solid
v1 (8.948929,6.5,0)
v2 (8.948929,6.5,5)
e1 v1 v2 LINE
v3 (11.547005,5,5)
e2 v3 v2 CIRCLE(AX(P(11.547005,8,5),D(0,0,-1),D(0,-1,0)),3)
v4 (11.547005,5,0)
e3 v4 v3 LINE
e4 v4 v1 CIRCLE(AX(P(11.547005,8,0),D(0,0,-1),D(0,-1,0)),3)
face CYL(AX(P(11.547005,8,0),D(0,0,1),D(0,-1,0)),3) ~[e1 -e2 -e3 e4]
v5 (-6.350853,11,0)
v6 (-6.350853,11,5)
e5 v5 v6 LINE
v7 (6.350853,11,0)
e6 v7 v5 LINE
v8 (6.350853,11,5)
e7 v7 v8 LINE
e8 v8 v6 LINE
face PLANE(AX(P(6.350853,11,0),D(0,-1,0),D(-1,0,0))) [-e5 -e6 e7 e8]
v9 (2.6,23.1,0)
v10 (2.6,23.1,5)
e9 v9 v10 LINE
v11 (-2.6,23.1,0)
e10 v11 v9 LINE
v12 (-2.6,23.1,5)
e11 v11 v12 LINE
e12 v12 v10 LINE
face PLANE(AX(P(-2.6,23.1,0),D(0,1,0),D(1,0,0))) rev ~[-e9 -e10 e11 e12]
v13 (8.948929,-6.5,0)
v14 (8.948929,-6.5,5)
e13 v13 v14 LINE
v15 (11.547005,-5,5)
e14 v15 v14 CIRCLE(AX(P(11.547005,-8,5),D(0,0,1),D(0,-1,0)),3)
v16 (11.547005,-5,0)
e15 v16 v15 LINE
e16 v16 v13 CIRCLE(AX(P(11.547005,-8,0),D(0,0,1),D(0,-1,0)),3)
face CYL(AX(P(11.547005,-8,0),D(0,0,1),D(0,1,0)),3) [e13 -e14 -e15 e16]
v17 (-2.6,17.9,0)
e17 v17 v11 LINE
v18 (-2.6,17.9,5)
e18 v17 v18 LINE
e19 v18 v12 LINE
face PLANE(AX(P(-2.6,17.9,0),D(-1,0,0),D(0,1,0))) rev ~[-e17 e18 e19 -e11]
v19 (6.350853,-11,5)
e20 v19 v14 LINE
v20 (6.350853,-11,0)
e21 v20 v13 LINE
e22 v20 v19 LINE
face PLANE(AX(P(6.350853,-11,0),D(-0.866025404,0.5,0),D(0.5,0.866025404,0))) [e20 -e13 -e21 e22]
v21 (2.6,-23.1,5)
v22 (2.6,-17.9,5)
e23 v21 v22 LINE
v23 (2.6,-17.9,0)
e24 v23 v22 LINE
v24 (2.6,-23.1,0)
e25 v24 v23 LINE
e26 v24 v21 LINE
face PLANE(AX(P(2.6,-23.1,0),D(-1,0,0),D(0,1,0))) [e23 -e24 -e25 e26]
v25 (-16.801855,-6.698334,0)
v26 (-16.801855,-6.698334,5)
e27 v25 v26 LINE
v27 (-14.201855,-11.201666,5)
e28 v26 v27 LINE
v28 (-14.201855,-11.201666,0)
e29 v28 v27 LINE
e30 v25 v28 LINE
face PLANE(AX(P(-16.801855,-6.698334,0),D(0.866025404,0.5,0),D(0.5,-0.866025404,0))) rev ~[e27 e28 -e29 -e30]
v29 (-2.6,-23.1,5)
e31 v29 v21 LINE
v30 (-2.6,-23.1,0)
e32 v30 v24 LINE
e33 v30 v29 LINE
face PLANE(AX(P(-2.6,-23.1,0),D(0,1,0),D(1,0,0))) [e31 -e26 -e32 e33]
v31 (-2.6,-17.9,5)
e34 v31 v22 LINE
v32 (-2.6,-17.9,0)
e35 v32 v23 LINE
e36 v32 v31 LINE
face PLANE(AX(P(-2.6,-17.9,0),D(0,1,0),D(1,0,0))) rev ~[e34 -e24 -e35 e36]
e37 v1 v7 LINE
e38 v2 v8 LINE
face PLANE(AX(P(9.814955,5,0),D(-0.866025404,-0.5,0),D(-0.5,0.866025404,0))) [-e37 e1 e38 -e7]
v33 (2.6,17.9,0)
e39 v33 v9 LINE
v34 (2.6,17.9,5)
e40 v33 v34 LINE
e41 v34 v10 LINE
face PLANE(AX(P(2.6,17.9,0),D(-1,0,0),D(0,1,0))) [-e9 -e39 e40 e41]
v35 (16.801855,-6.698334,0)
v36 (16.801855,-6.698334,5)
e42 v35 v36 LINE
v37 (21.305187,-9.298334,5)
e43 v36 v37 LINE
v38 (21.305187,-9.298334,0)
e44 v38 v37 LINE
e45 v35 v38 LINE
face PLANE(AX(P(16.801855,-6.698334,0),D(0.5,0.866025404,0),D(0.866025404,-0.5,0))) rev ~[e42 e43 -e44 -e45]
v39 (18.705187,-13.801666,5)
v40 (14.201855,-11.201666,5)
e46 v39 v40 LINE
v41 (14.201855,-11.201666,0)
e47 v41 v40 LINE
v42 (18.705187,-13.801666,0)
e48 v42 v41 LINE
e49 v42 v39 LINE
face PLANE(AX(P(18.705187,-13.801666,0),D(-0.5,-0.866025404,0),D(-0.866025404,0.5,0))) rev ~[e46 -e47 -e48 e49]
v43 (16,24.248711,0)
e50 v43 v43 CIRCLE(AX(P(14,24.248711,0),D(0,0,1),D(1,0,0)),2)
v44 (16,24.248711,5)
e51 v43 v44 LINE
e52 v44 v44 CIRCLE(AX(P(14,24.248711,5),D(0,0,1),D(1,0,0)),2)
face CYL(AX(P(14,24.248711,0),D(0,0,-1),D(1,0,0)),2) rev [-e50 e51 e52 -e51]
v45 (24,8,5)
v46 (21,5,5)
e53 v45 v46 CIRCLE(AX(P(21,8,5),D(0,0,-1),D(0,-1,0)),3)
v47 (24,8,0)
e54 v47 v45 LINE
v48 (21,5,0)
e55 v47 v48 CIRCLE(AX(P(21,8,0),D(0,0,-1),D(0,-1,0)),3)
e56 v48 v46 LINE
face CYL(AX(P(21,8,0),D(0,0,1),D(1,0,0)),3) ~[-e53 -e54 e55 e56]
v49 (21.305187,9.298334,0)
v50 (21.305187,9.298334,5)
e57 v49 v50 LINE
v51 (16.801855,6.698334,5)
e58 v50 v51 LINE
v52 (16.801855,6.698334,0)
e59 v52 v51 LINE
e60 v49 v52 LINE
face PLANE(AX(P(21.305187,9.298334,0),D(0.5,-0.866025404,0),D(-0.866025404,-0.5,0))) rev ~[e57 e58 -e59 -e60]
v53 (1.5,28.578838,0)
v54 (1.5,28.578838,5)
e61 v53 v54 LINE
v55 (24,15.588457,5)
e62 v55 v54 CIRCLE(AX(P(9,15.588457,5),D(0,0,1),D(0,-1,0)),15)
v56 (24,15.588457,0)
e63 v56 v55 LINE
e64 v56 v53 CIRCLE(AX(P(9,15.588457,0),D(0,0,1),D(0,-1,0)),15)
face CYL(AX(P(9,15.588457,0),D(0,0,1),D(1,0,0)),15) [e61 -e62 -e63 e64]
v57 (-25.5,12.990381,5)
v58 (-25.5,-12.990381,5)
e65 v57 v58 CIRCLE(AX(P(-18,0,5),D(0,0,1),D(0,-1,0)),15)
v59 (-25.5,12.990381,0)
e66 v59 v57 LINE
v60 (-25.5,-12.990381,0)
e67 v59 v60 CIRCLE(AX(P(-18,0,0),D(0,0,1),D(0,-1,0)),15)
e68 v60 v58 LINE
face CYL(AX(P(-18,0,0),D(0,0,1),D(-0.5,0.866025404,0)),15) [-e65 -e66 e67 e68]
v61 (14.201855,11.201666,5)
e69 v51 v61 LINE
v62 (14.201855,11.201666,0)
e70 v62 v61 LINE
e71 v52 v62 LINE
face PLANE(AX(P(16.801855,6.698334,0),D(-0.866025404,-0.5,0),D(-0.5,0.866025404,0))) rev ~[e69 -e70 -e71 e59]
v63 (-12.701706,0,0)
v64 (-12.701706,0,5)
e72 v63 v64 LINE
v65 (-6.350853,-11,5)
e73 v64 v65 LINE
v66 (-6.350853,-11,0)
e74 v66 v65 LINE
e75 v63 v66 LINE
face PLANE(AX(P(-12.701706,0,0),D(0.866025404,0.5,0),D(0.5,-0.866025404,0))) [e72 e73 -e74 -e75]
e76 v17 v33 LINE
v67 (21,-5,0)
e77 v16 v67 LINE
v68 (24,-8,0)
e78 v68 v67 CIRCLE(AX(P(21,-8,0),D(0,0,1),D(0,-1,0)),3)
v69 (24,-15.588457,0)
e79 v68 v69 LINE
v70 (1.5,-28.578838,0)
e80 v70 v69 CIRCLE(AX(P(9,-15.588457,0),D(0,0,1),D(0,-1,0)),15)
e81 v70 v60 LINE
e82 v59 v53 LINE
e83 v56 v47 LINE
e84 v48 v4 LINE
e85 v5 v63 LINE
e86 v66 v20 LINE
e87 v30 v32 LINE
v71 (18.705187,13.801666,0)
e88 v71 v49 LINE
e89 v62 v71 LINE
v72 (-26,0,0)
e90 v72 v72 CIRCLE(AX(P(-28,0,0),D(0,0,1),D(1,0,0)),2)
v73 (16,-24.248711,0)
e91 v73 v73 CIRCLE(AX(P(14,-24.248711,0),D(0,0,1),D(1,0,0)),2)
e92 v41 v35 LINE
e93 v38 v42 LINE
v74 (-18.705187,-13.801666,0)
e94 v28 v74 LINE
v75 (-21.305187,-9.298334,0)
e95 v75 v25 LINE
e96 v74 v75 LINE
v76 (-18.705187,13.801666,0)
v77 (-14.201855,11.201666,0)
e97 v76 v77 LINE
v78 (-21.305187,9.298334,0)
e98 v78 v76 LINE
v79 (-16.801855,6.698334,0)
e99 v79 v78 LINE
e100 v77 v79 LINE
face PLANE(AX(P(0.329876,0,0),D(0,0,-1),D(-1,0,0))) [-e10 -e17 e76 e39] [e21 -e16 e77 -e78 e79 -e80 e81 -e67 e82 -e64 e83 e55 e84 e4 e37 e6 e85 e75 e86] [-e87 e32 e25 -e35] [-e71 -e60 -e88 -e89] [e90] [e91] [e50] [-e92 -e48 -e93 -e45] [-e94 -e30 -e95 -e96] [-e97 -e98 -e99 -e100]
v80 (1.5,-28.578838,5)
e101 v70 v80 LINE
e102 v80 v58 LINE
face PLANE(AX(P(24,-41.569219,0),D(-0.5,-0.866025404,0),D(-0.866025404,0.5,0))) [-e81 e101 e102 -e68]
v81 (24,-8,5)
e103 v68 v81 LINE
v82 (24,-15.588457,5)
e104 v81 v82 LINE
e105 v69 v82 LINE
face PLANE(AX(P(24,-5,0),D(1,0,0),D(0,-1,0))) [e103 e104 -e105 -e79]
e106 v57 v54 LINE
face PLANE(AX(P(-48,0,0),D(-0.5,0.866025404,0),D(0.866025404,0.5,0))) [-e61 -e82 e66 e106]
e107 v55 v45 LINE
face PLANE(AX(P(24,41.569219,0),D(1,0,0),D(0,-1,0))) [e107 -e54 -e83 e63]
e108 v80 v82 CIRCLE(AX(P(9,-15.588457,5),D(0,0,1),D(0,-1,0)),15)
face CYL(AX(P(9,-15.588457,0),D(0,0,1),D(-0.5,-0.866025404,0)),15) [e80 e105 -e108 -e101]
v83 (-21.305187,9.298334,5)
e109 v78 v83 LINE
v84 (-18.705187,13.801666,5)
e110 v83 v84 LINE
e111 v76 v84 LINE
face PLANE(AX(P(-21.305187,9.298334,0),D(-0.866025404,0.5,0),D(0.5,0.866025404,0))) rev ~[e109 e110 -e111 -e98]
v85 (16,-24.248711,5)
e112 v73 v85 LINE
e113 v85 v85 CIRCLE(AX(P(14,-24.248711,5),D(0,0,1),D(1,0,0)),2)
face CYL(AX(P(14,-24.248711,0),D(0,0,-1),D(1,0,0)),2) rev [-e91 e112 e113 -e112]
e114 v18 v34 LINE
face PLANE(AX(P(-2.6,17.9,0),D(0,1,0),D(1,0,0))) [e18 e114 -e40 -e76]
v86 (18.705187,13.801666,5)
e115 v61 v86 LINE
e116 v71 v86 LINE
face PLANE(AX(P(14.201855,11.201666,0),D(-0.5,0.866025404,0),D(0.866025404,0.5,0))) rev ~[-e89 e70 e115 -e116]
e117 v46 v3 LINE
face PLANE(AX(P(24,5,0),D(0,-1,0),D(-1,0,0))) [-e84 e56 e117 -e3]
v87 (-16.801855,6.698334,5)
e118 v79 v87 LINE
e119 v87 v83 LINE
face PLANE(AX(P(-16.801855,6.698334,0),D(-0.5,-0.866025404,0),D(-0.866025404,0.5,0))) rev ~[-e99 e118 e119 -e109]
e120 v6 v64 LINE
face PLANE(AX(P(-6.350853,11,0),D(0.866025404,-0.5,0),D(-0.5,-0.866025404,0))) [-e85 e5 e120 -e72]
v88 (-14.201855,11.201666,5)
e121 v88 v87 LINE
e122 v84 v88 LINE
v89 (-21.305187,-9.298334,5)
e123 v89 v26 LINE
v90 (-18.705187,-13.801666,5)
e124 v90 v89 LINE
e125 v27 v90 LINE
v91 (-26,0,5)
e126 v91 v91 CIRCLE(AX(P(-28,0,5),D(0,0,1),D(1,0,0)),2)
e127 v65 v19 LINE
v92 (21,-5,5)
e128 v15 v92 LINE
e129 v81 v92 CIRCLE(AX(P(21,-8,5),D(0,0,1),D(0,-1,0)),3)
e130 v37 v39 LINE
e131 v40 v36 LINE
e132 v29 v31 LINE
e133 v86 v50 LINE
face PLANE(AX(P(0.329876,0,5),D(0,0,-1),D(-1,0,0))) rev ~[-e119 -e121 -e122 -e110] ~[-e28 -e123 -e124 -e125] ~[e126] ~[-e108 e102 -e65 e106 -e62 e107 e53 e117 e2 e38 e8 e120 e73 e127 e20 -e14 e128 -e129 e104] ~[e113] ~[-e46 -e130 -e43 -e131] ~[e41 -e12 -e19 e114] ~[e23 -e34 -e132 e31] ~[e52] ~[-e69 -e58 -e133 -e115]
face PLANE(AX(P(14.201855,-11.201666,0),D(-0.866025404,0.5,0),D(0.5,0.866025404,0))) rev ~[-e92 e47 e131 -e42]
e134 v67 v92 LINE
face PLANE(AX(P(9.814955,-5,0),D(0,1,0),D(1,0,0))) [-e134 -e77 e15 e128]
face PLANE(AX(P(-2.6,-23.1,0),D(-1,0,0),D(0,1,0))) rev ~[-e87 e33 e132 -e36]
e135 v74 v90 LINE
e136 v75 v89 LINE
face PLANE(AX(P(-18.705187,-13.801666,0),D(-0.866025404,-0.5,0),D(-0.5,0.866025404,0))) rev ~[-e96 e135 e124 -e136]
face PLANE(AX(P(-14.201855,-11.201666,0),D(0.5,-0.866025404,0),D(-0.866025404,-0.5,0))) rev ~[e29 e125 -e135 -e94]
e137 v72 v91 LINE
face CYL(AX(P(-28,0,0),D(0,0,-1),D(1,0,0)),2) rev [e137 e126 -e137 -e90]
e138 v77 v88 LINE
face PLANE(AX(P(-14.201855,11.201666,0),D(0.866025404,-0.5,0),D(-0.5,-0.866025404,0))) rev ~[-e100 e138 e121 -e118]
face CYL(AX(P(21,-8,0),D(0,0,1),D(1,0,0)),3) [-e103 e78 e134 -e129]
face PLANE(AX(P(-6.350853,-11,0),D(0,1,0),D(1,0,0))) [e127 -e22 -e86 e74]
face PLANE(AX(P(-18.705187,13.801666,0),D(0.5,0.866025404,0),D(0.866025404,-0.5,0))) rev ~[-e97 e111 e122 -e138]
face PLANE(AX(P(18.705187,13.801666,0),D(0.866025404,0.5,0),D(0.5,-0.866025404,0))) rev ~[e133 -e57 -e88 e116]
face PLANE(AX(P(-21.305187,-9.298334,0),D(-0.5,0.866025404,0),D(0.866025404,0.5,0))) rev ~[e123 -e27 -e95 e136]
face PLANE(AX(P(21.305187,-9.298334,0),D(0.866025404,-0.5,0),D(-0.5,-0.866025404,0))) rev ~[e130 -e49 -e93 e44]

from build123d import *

# Parameters (mm, degrees)
SKETCH1_R           = 2
SKETCH1_W           = 5.2
SKETCH1_H           = 5.2
BOSS_EXTRUDE1_DEPTH = 5
CONG_1_R            = 15
CONG_2_R            = 3


with BuildPart() as part:
    # Sketch1 → Boss-Extrude1 (new body)
    with BuildSketch(Plane.XY):
        Polygon((24, 5), (9.814954576, 5), (6.350852961, 11), (-6.350852961, 11), (-12.701705922, 0), (-6.350852961, -11), (6.350852961, -11), (9.814954576, -5), (24, -5), (24, -41.569219382), (-48, 0), (24, 41.569219382), align=None)
        with Locations((14, 24.248711306)):
            Circle(SKETCH1_R, mode=Mode.SUBTRACT)
        with Locations((14, -24.248711306)):
            Circle(SKETCH1_R, mode=Mode.SUBTRACT)
        with Locations((-28, 0)):
            Circle(SKETCH1_R, mode=Mode.SUBTRACT)
        with Locations((0, 20.5)):
            Rectangle(SKETCH1_W, SKETCH1_H, mode=Mode.SUBTRACT)
        Polygon((21.305186827, 9.29833395), (16.801854728, 6.69833395), (14.201854728, 11.20166605), (18.705186827, 13.80166605), align=None, mode=Mode.SUBTRACT)
        Polygon((18.705186827, -13.80166605), (14.201854728, -11.20166605), (16.801854728, -6.69833395), (21.305186827, -9.29833395), align=None, mode=Mode.SUBTRACT)
        with Locations((0, -20.5)):
            Rectangle(SKETCH1_W, SKETCH1_H, mode=Mode.SUBTRACT)
        Polygon((-21.305186827, -9.29833395), (-16.801854728, -6.69833395), (-14.201854728, -11.20166605), (-18.705186827, -13.80166605), align=None, mode=Mode.SUBTRACT)
        Polygon((-18.705186827, 13.80166605), (-14.201854728, 11.20166605), (-16.801854728, 6.69833395), (-21.305186827, 9.29833395), align=None, mode=Mode.SUBTRACT)
    extrude(amount=BOSS_EXTRUDE1_DEPTH)

    # Congé1
    cong_1_edges = [part.edges().sort_by_distance(p)[0] for p in [
        (24, -41.569219382, 2.5),
        (-48, 0, 2.5),
        (24, 41.569219382, 2.5),
    ]]
    fillet(cong_1_edges, radius=CONG_1_R)

    # Congé2
    cong_2_edges = [part.edges().sort_by_distance(p)[0] for p in [
        (24, 5, 2.5),
        (9.814954576, 5, 2.5),
        (9.814954576, -5, 2.5),
        (24, -5, 2.5),
    ]]
    fillet(cong_2_edges, radius=CONG_2_R)


solid = part.part
